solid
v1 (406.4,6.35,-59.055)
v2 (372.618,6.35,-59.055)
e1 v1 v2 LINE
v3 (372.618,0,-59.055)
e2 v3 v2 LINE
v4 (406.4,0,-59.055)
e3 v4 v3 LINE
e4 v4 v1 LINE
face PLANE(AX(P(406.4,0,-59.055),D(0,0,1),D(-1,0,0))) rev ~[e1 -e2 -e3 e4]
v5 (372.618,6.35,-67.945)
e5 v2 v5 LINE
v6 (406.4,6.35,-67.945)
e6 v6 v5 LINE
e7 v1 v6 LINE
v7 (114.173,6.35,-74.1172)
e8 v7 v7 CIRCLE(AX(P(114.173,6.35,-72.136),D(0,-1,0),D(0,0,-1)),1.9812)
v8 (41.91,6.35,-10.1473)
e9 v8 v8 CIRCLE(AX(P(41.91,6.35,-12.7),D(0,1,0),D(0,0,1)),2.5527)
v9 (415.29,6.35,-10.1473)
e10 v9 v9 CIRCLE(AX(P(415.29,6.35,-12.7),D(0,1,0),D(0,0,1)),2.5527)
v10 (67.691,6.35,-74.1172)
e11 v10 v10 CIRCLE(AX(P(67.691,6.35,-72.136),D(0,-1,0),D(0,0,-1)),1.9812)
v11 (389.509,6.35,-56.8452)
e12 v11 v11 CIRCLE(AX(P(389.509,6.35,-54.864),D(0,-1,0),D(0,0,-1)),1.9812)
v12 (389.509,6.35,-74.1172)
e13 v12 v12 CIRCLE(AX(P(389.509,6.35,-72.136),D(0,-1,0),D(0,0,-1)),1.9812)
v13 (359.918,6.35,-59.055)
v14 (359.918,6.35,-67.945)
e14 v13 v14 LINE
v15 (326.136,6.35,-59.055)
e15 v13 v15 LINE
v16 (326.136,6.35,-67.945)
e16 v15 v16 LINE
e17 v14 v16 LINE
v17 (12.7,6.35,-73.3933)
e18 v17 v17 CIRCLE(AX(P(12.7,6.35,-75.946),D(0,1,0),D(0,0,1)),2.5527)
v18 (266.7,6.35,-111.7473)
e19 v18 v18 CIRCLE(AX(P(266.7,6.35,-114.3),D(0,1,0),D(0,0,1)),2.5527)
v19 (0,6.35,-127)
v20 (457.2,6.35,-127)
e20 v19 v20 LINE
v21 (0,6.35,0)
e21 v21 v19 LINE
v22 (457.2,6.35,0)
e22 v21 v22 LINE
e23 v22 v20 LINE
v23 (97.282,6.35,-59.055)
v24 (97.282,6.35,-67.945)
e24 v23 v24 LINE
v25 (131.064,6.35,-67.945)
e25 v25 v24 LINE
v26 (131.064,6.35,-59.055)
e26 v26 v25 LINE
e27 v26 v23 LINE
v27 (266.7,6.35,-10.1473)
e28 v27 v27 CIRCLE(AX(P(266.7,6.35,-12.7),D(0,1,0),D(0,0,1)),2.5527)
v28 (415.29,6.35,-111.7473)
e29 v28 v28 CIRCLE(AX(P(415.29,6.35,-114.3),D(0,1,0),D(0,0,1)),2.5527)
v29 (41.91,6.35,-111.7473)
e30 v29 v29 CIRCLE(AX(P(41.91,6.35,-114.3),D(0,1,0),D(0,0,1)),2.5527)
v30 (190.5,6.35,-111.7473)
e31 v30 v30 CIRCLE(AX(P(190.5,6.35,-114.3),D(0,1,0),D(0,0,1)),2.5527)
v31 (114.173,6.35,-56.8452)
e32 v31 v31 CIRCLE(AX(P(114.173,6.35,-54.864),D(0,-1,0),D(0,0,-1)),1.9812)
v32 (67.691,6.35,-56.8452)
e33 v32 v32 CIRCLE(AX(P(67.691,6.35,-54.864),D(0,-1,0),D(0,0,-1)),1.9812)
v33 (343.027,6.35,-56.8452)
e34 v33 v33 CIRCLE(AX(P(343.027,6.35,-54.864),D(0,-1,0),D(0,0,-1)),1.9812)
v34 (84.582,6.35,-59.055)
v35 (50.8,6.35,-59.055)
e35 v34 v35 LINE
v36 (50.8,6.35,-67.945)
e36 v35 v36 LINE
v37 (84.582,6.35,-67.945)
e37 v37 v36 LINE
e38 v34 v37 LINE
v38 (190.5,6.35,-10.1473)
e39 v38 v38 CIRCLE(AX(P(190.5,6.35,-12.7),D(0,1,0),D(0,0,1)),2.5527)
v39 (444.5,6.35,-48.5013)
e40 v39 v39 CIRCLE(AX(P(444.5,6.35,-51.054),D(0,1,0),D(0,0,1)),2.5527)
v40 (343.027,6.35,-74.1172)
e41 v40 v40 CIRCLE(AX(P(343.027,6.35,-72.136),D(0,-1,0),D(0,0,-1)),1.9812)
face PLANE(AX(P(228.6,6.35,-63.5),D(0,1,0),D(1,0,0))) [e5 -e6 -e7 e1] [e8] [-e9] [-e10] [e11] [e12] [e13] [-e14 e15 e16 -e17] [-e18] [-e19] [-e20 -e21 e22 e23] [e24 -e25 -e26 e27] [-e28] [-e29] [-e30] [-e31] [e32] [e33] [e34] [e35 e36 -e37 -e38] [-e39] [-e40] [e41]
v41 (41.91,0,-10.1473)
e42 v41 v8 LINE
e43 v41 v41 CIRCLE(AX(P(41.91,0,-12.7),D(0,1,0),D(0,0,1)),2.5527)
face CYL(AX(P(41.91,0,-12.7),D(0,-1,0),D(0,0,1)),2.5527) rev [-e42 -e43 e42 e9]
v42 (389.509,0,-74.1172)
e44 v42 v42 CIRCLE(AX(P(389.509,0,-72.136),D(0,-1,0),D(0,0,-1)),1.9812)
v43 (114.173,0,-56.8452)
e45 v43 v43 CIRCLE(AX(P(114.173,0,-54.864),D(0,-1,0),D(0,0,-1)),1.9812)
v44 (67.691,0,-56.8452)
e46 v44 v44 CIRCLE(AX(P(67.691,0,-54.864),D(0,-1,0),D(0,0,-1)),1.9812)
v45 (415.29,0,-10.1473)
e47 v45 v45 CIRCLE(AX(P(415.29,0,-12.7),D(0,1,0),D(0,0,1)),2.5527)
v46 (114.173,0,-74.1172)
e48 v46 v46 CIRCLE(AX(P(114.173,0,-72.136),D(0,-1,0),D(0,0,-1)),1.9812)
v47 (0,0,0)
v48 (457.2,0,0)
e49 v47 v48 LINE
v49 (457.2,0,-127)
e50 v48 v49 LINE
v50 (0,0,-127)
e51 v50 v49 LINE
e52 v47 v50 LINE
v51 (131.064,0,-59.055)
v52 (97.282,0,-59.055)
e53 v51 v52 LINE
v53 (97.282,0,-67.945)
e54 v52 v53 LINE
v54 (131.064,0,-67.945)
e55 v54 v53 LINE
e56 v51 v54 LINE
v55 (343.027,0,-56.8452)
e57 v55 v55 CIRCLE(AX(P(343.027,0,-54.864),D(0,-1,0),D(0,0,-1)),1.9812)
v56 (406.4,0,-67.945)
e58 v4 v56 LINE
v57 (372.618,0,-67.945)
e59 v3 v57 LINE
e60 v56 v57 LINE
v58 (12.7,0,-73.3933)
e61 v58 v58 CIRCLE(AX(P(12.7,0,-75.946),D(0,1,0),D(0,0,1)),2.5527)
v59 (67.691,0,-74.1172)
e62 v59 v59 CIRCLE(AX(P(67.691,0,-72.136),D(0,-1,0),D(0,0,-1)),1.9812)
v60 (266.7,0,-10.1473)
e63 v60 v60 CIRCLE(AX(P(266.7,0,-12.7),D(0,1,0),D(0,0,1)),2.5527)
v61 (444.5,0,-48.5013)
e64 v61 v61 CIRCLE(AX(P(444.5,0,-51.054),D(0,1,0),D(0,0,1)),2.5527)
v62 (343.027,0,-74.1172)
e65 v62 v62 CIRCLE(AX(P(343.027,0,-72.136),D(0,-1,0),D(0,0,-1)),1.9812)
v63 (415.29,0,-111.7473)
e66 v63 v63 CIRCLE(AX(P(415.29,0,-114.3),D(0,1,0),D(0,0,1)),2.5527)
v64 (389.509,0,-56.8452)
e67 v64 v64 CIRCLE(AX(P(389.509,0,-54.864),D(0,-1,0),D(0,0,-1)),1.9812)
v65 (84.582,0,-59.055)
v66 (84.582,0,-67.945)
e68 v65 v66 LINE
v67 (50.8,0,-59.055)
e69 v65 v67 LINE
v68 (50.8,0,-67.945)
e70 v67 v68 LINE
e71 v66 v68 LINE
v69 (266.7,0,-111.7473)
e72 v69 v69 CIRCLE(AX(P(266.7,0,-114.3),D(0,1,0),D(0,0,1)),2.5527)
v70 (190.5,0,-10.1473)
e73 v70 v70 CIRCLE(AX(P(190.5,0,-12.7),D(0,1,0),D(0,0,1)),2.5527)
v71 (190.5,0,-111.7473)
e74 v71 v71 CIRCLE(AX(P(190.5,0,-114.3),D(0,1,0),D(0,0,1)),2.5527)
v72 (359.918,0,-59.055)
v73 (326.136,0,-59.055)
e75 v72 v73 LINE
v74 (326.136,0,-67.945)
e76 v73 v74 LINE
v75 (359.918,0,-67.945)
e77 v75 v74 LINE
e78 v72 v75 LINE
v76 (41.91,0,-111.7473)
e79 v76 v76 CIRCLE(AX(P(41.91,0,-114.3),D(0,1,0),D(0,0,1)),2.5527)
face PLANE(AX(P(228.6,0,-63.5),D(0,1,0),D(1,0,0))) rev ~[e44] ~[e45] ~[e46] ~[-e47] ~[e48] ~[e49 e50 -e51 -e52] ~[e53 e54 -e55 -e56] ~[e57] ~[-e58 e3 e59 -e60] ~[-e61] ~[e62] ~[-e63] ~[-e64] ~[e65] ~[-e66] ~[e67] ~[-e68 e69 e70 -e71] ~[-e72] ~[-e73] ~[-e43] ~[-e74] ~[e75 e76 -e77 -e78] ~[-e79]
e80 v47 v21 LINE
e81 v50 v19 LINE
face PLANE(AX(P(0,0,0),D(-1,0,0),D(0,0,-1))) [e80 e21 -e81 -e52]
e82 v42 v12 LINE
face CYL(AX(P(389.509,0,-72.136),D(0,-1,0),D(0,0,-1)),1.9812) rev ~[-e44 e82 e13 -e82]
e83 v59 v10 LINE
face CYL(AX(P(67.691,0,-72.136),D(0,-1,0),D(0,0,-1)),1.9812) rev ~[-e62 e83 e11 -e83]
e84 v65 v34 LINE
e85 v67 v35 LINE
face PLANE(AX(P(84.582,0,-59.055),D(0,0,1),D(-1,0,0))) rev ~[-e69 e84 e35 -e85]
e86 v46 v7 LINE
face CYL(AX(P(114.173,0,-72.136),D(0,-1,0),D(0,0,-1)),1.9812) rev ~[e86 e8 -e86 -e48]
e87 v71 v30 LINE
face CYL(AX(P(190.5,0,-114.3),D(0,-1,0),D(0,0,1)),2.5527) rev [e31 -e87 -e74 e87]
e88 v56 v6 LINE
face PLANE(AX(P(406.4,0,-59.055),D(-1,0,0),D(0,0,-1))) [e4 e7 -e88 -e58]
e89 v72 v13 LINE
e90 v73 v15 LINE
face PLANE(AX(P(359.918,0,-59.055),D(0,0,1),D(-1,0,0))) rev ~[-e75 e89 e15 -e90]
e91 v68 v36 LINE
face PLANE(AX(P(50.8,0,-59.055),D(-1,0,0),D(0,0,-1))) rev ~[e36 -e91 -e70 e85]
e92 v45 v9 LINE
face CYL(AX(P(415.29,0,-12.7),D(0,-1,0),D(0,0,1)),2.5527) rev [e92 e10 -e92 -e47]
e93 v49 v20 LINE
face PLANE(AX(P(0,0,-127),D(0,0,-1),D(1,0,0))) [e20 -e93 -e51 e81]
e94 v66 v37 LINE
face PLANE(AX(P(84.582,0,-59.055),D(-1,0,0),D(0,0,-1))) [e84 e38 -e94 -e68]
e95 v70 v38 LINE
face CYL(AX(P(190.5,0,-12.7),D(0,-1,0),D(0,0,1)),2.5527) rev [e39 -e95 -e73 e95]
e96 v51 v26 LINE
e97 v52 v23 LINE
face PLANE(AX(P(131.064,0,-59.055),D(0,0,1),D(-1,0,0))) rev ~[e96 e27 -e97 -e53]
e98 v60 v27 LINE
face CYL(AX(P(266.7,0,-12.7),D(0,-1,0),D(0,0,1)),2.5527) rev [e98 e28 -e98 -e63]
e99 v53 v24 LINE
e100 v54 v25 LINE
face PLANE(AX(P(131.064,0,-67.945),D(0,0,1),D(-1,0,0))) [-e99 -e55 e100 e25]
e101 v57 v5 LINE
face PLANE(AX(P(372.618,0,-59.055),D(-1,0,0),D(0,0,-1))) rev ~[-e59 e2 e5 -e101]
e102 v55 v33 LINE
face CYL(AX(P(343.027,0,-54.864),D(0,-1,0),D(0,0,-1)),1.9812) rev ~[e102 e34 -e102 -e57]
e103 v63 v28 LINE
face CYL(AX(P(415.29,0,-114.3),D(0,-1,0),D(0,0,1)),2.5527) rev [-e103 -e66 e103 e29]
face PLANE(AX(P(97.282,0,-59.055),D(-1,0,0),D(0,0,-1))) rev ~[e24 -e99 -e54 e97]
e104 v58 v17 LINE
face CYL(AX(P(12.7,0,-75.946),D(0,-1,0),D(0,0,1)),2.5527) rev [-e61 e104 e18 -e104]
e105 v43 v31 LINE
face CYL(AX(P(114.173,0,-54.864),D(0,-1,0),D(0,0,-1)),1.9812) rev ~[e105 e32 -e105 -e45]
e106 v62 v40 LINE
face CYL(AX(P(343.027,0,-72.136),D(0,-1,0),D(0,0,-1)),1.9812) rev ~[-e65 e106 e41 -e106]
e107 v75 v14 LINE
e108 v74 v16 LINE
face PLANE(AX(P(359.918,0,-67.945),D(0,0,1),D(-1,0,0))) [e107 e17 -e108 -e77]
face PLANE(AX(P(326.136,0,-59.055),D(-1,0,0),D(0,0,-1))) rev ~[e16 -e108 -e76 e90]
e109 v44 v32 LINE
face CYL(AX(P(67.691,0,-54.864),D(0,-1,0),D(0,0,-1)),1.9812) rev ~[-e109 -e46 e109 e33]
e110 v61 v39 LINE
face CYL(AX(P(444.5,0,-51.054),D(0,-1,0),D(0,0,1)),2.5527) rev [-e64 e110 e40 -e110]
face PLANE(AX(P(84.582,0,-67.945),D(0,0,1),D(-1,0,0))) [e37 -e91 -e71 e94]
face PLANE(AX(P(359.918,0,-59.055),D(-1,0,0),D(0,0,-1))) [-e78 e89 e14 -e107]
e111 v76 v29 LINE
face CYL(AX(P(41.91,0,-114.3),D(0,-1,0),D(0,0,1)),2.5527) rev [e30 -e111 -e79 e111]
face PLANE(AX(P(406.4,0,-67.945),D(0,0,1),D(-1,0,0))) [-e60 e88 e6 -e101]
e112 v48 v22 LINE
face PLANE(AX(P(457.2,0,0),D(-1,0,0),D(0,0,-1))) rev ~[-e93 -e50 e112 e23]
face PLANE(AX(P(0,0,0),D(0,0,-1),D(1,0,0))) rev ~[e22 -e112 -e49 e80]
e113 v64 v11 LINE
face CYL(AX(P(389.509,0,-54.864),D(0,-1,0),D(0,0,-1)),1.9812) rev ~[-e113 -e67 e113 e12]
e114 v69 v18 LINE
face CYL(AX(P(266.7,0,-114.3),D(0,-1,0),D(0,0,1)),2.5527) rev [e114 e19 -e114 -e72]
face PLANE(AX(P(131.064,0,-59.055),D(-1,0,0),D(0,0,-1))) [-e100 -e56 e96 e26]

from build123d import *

# Parameters (mm, degrees)
SKETCH1_W           = 457.2
SKETCH1_H           = 127
SKETCH1_R           = 2.5527
BOSS_EXTRUDE1_DEPTH = 6.35
CUT_EXTRUDE1_REACH  = 476.554
SKETCH2_R           = 1.9812
SKETCH2_W           = 33.782
SKETCH2_H           = 8.89


with BuildPart() as part:
    # Sketch1 → Boss-Extrude1 (new body)
    with BuildSketch(Plane(origin=(0, 0, 0), x_dir=(1, 0, 0), z_dir=(0, 1, 0))):
        with Locations((228.6, 63.5)):
            Rectangle(SKETCH1_W, SKETCH1_H)
        with Locations(Location((41.91, 114.3, 0), (0, 0, 270))):
            Circle(SKETCH1_R, mode=Mode.SUBTRACT)
        with Locations(Location((415.29, 114.3, 0), (0, 0, 270))):
            Circle(SKETCH1_R, mode=Mode.SUBTRACT)
        with Locations(Location((415.29, 12.7, 0), (0, 0, 270))):
            Circle(SKETCH1_R, mode=Mode.SUBTRACT)
        with Locations(Location((41.91, 12.7, 0), (0, 0, 270))):
            Circle(SKETCH1_R, mode=Mode.SUBTRACT)
        with Locations(Location((190.5, 114.3, 0), (0, 0, 270))):
            Circle(SKETCH1_R, mode=Mode.SUBTRACT)
        with Locations(Location((266.7, 114.3, 0), (0, 0, 270))):
            Circle(SKETCH1_R, mode=Mode.SUBTRACT)
        with Locations(Location((190.5, 12.7, 0), (0, 0, 270))):
            Circle(SKETCH1_R, mode=Mode.SUBTRACT)
        with Locations(Location((266.7, 12.7, 0), (0, 0, 270))):
            Circle(SKETCH1_R, mode=Mode.SUBTRACT)
        with Locations(Location((444.5, 51.054, 0), (0, 0, 270))):
            Circle(SKETCH1_R, mode=Mode.SUBTRACT)
        with Locations(Location((12.7, 75.946, 0), (0, 0, 270))):
            Circle(SKETCH1_R, mode=Mode.SUBTRACT)
    extrude(amount=BOSS_EXTRUDE1_DEPTH)

    # Sketch2 → Cut-Extrude1 (cut, up to next)
    with BuildSketch(Plane(origin=(0, 0, 0), x_dir=(-1, 0, 0), z_dir=(0, -1, 0)), mode=Mode.PRIVATE) as cut_extrude1_sk1:
        with Locations(Location((-389.509, 54.864, 0), (0, 0, 90))):
            Circle(SKETCH2_R)
    cut_extrude1_tool1 = extrude(cut_extrude1_sk1.sketch, amount=-CUT_EXTRUDE1_REACH, mode=Mode.PRIVATE) & part.part
    # Sketch2 → Cut-Extrude1 (cut, up to next)
    with BuildSketch(Plane(origin=(0, 0, 0), x_dir=(-1, 0, 0), z_dir=(0, -1, 0)), mode=Mode.PRIVATE) as cut_extrude1_sk2:
        with Locations(Location((-389.509, 72.136, 0), (0, 0, 90))):
            Circle(SKETCH2_R)
    cut_extrude1_tool2 = extrude(cut_extrude1_sk2.sketch, amount=-CUT_EXTRUDE1_REACH, mode=Mode.PRIVATE) & part.part
    # Sketch2 → Cut-Extrude1 (cut, up to next)
    with BuildSketch(Plane(origin=(0, 0, 0), x_dir=(-1, 0, 0), z_dir=(0, -1, 0)), mode=Mode.PRIVATE) as cut_extrude1_sk3:
        with Locations(Location((-343.027, 54.864, 0), (0, 0, 90))):
            Circle(SKETCH2_R)
    cut_extrude1_tool3 = extrude(cut_extrude1_sk3.sketch, amount=-CUT_EXTRUDE1_REACH, mode=Mode.PRIVATE) & part.part
    # Sketch2 → Cut-Extrude1 (cut, up to next)
    with BuildSketch(Plane(origin=(0, 0, 0), x_dir=(-1, 0, 0), z_dir=(0, -1, 0)), mode=Mode.PRIVATE) as cut_extrude1_sk4:
        with Locations(Location((-343.027, 72.136, 0), (0, 0, 90))):
            Circle(SKETCH2_R)
    cut_extrude1_tool4 = extrude(cut_extrude1_sk4.sketch, amount=-CUT_EXTRUDE1_REACH, mode=Mode.PRIVATE) & part.part
    # Sketch2 → Cut-Extrude1 (cut, up to next)
    with BuildSketch(Plane(origin=(0, 0, 0), x_dir=(-1, 0, 0), z_dir=(0, -1, 0)), mode=Mode.PRIVATE) as cut_extrude1_sk5:
        with Locations(Location((-114.173, 54.864, 0), (0, 0, 90))):
            Circle(SKETCH2_R)
    cut_extrude1_tool5 = extrude(cut_extrude1_sk5.sketch, amount=-CUT_EXTRUDE1_REACH, mode=Mode.PRIVATE) & part.part
    # Sketch2 → Cut-Extrude1 (cut, up to next)
    with BuildSketch(Plane(origin=(0, 0, 0), x_dir=(-1, 0, 0), z_dir=(0, -1, 0)), mode=Mode.PRIVATE) as cut_extrude1_sk6:
        with Locations(Location((-114.173, 72.136, 0), (0, 0, 90))):
            Circle(SKETCH2_R)
    cut_extrude1_tool6 = extrude(cut_extrude1_sk6.sketch, amount=-CUT_EXTRUDE1_REACH, mode=Mode.PRIVATE) & part.part
    # Sketch2 → Cut-Extrude1 (cut, up to next)
    with BuildSketch(Plane(origin=(0, 0, 0), x_dir=(-1, 0, 0), z_dir=(0, -1, 0)), mode=Mode.PRIVATE) as cut_extrude1_sk7:
        with Locations(Location((-67.691, 54.864, 0), (0, 0, 90))):
            Circle(SKETCH2_R)
    cut_extrude1_tool7 = extrude(cut_extrude1_sk7.sketch, amount=-CUT_EXTRUDE1_REACH, mode=Mode.PRIVATE) & part.part
    # Sketch2 → Cut-Extrude1 (cut, up to next)
    with BuildSketch(Plane(origin=(0, 0, 0), x_dir=(-1, 0, 0), z_dir=(0, -1, 0)), mode=Mode.PRIVATE) as cut_extrude1_sk8:
        with Locations(Location((-67.691, 72.136, 0), (0, 0, 90))):
            Circle(SKETCH2_R)
    cut_extrude1_tool8 = extrude(cut_extrude1_sk8.sketch, amount=-CUT_EXTRUDE1_REACH, mode=Mode.PRIVATE) & part.part
    # Sketch2 → Cut-Extrude1 (cut, up to next)
    with BuildSketch(Plane(origin=(0, 0, 0), x_dir=(-1, 0, 0), z_dir=(0, -1, 0)), mode=Mode.PRIVATE) as cut_extrude1_sk9:
        with Locations((-114.173, 63.5)):
            Rectangle(SKETCH2_W, SKETCH2_H)
    cut_extrude1_tool9 = extrude(cut_extrude1_sk9.sketch, amount=-CUT_EXTRUDE1_REACH, mode=Mode.PRIVATE) & part.part
    # Sketch2 → Cut-Extrude1 (cut, up to next)
    with BuildSketch(Plane(origin=(0, 0, 0), x_dir=(-1, 0, 0), z_dir=(0, -1, 0)), mode=Mode.PRIVATE) as cut_extrude1_sk10:
        with Locations((-389.509, 63.5)):
            Rectangle(SKETCH2_W, SKETCH2_H)
    cut_extrude1_tool10 = extrude(cut_extrude1_sk10.sketch, amount=-CUT_EXTRUDE1_REACH, mode=Mode.PRIVATE) & part.part
    # Sketch2 → Cut-Extrude1 (cut, up to next)
    with BuildSketch(Plane(origin=(0, 0, 0), x_dir=(-1, 0, 0), z_dir=(0, -1, 0)), mode=Mode.PRIVATE) as cut_extrude1_sk11:
        with Locations((-343.027, 63.5)):
            Rectangle(SKETCH2_W, SKETCH2_H)
    cut_extrude1_tool11 = extrude(cut_extrude1_sk11.sketch, amount=-CUT_EXTRUDE1_REACH, mode=Mode.PRIVATE) & part.part
    # Sketch2 → Cut-Extrude1 (cut, up to next)
    with BuildSketch(Plane(origin=(0, 0, 0), x_dir=(-1, 0, 0), z_dir=(0, -1, 0)), mode=Mode.PRIVATE) as cut_extrude1_sk12:
        with Locations((-67.691, 63.5)):
            Rectangle(SKETCH2_W, SKETCH2_H)
    cut_extrude1_tool12 = extrude(cut_extrude1_sk12.sketch, amount=-CUT_EXTRUDE1_REACH, mode=Mode.PRIVATE) & part.part
    add(cut_extrude1_tool1.solids().sort_by_distance((389.509, 0, -54.864))[0], mode=Mode.SUBTRACT)
    add(cut_extrude1_tool2.solids().sort_by_distance((389.509, 0, -72.136))[0], mode=Mode.SUBTRACT)
    add(cut_extrude1_tool3.solids().sort_by_distance((343.027, 0, -54.864))[0], mode=Mode.SUBTRACT)
    add(cut_extrude1_tool4.solids().sort_by_distance((343.027, 0, -72.136))[0], mode=Mode.SUBTRACT)
    add(cut_extrude1_tool5.solids().sort_by_distance((114.173, 0, -54.864))[0], mode=Mode.SUBTRACT)
    add(cut_extrude1_tool6.solids().sort_by_distance((114.173, 0, -72.136))[0], mode=Mode.SUBTRACT)
    add(cut_extrude1_tool7.solids().sort_by_distance((67.691, 0, -54.864))[0], mode=Mode.SUBTRACT)
    add(cut_extrude1_tool8.solids().sort_by_distance((67.691, 0, -72.136))[0], mode=Mode.SUBTRACT)
    add(cut_extrude1_tool9.solids().sort_by_distance((114.173, 0, -63.5))[0], mode=Mode.SUBTRACT)
    add(cut_extrude1_tool10.solids().sort_by_distance((389.509, 0, -63.5))[0], mode=Mode.SUBTRACT)
    add(cut_extrude1_tool11.solids().sort_by_distance((343.027, 0, -63.5))[0], mode=Mode.SUBTRACT)
    add(cut_extrude1_tool12.solids().sort_by_distance((67.691, 0, -63.5))[0], mode=Mode.SUBTRACT)


solid = part.part
